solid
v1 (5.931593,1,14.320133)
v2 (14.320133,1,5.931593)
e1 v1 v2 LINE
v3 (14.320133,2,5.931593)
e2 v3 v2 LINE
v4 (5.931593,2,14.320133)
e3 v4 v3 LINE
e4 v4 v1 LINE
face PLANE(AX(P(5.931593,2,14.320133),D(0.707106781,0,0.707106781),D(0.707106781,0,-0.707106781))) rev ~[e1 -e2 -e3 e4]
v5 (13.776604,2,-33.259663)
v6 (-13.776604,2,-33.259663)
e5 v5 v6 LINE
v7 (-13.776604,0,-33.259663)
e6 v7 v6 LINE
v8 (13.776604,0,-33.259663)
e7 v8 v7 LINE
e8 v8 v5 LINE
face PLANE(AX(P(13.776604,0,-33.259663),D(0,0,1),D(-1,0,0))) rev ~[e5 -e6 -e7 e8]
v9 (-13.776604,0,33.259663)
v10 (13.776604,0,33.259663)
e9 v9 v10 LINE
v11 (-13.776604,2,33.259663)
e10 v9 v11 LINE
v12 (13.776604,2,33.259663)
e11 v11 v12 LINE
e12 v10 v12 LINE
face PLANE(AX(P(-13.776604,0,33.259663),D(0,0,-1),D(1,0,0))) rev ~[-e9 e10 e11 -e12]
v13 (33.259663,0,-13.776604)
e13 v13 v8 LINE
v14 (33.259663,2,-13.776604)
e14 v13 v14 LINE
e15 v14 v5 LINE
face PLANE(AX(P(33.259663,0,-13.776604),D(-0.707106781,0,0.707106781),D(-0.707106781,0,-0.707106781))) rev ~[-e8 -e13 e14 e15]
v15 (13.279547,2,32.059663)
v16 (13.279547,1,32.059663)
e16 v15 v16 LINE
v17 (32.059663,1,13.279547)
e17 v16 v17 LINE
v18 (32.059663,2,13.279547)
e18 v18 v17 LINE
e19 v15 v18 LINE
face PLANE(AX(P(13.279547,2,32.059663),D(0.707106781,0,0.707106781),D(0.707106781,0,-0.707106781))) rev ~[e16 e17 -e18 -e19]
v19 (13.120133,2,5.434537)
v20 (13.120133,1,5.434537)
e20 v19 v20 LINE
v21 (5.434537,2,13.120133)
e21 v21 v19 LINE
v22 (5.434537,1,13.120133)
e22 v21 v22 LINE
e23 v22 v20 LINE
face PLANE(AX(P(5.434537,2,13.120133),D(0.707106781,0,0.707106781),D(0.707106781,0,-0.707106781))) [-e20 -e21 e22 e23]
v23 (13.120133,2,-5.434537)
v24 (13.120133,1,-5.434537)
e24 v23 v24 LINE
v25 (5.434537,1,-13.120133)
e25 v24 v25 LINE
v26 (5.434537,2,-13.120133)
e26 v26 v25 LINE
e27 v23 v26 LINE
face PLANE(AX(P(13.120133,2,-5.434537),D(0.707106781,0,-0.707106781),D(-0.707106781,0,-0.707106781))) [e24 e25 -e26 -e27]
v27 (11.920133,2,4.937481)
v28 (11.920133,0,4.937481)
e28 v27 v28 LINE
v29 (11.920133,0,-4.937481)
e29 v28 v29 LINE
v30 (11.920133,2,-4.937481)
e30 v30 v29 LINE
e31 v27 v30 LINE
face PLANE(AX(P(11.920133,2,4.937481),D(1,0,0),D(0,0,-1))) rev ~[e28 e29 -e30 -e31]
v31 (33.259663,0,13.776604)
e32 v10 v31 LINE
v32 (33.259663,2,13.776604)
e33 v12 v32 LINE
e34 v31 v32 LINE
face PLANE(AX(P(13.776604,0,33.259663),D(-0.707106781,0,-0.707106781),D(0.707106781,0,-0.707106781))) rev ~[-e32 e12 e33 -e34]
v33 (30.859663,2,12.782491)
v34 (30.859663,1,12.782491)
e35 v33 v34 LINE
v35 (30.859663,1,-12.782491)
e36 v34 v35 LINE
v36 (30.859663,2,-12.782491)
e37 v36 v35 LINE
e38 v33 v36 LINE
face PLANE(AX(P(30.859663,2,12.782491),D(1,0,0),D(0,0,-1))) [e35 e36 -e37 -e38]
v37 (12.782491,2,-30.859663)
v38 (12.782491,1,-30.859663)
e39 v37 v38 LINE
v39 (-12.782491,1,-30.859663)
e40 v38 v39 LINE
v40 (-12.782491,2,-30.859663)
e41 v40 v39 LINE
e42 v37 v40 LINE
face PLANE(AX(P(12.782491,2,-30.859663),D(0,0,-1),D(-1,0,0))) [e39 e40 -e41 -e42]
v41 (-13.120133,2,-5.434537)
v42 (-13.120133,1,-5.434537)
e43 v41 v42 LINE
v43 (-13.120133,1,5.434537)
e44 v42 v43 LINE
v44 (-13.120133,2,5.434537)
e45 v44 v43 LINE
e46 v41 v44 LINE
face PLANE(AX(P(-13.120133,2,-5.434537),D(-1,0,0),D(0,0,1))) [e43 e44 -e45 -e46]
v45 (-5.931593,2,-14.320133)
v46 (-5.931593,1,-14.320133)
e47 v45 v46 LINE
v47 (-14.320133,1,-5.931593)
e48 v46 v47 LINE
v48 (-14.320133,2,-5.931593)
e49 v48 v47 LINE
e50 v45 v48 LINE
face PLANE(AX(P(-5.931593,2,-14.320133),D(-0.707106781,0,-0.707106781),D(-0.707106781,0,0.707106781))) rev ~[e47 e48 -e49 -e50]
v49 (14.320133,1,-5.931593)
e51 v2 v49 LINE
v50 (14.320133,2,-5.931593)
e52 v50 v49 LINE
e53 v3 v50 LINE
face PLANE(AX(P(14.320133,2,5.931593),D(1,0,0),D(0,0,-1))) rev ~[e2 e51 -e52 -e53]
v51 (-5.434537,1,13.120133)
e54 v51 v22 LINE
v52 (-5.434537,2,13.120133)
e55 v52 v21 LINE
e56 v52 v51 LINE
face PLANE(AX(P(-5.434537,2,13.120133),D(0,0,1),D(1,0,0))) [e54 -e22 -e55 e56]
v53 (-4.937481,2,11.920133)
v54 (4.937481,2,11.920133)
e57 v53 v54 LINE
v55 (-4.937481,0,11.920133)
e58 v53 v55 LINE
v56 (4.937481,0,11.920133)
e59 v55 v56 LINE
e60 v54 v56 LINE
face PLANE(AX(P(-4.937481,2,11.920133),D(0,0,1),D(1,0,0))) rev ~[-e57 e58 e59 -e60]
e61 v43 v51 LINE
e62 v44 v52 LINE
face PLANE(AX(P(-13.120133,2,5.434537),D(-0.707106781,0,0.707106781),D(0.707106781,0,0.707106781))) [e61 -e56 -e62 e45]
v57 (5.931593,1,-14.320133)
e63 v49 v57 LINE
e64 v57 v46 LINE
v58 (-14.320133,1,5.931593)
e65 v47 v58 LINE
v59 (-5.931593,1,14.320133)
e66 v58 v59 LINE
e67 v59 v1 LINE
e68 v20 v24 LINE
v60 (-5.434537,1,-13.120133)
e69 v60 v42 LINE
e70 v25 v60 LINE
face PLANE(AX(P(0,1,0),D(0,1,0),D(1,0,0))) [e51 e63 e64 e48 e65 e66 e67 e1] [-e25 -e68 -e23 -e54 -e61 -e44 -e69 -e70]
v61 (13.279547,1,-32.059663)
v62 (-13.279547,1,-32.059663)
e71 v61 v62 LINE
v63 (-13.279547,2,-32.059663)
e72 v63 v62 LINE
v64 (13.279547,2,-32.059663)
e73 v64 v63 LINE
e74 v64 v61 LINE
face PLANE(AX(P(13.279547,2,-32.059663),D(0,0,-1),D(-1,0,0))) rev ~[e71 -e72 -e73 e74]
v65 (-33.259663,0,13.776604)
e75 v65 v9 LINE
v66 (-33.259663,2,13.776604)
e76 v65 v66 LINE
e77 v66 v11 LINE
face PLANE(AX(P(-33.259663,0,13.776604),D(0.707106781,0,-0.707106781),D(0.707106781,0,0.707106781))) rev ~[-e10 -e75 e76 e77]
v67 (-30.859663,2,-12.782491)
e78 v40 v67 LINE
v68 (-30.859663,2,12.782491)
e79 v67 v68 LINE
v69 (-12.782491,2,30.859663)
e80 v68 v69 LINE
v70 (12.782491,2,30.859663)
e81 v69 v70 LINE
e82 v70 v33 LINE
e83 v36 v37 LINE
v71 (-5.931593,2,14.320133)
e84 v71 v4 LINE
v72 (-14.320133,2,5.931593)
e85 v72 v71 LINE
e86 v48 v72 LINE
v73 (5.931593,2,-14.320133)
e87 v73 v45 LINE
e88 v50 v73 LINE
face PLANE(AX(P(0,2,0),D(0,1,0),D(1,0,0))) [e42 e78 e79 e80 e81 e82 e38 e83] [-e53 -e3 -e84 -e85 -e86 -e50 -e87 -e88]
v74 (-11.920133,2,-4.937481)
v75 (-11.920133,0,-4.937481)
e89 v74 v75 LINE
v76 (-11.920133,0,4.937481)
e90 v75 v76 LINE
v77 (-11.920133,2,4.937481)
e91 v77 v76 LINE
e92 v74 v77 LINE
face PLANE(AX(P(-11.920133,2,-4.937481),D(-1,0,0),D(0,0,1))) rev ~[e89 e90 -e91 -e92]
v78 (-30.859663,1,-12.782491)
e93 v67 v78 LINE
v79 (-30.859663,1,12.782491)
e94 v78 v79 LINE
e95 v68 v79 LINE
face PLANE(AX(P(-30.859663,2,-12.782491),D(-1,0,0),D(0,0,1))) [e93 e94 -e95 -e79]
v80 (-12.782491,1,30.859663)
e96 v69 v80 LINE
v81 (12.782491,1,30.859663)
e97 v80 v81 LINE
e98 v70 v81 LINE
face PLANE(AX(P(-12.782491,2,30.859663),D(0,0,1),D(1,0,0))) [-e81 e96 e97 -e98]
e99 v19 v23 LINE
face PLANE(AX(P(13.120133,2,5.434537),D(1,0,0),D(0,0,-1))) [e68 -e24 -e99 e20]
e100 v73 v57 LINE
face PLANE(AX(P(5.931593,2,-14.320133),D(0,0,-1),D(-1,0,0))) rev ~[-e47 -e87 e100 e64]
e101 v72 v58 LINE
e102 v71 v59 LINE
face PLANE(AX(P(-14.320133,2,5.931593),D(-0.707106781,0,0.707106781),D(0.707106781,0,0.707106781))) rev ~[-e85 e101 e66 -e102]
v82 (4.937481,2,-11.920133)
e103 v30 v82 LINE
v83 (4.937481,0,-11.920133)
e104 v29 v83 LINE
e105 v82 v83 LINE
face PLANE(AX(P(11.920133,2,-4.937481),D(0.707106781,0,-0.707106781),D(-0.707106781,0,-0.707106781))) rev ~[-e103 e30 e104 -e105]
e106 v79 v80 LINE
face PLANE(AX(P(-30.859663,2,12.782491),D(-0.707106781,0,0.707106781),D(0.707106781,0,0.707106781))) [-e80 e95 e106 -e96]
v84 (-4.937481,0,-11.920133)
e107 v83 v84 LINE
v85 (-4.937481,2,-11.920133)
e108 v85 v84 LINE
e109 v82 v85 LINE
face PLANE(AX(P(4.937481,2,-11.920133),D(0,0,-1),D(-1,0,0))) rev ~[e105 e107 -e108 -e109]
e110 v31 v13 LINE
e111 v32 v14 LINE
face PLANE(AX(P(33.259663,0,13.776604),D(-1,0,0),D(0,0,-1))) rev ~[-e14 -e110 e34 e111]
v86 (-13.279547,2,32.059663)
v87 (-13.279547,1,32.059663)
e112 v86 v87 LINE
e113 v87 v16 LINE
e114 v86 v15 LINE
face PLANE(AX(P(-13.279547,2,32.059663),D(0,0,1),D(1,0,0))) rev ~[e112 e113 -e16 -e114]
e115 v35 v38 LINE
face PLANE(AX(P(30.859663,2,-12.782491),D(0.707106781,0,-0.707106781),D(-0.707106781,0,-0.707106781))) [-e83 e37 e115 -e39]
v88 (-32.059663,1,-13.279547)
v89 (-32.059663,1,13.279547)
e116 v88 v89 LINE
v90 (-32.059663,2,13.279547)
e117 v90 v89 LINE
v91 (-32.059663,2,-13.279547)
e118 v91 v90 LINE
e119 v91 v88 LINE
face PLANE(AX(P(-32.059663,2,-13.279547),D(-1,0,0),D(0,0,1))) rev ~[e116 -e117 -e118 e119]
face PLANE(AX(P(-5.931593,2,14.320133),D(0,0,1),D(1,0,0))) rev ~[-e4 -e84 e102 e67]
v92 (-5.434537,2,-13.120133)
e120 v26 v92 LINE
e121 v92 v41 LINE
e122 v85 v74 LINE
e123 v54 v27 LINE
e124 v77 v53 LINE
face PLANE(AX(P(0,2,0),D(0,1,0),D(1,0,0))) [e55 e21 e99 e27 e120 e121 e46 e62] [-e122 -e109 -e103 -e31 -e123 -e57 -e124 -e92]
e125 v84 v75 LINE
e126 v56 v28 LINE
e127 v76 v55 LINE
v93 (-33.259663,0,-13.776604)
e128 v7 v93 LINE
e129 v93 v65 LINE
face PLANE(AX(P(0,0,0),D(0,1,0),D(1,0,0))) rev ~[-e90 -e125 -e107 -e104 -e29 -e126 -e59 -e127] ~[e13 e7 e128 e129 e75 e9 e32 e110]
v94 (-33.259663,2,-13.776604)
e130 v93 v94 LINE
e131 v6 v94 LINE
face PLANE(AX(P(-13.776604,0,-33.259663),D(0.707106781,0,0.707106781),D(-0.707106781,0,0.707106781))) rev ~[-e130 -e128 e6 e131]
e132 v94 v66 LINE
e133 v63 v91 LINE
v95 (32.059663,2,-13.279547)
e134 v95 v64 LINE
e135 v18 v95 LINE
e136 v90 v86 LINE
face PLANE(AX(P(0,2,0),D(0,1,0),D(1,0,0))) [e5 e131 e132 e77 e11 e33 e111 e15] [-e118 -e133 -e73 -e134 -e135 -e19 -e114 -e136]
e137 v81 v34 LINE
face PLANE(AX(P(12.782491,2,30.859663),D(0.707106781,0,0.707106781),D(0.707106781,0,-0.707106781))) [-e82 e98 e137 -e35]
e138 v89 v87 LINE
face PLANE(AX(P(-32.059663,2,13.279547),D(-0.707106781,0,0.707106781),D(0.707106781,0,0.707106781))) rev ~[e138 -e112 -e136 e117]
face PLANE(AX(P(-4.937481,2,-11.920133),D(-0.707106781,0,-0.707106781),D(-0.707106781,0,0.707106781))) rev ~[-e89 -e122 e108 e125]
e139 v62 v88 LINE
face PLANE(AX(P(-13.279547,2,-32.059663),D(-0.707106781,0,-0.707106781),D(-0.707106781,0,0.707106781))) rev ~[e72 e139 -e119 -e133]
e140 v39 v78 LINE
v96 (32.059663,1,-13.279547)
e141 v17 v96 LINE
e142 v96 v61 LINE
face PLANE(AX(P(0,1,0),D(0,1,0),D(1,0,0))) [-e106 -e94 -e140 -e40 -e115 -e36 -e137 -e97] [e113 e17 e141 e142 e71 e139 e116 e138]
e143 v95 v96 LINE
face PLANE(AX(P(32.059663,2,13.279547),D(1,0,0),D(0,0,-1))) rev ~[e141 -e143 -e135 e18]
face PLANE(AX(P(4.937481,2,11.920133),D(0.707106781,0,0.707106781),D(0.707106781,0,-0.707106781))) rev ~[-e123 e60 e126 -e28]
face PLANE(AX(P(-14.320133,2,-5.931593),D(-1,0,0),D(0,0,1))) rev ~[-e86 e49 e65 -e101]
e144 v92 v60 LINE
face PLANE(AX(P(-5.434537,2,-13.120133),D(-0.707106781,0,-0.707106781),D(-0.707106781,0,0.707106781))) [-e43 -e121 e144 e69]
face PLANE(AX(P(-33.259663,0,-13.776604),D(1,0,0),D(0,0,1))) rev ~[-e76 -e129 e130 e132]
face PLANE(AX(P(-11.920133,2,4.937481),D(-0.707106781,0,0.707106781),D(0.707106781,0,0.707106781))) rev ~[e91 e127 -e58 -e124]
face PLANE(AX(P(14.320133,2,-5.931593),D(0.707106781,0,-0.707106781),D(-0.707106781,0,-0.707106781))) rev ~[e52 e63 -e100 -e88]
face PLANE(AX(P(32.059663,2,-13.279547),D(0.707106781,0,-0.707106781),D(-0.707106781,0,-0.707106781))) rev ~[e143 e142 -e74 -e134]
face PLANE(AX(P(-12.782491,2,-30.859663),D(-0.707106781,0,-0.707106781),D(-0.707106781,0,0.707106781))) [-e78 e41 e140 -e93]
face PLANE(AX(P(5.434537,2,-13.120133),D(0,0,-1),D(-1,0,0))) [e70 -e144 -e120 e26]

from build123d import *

# Parameters (mm, degrees)
EXTRUDE_1_DEPTH     = 2
CUT_EXTRUDE_1_DEPTH = 1
CUT_EXTRUDE_2_DEPTH = 1
CUT_EXTRUDE_3_DEPTH = 3


with BuildPart() as part:
    # 스케치1 → 보스-돌출1 (new body)
    with BuildSketch(Plane(origin=(0, 0, 0), x_dir=(1, 0, 0), z_dir=(0, 1, 0))):
        Polygon((-33.25966317, -13.776603565), (-13.776603565, -33.25966317), (13.776603565, -33.25966317), (33.25966317, -13.776603565), (33.25966317, 13.776603565), (13.776603565, 33.25966317), (-13.776603565, 33.25966317), (-33.25966317, 13.776603565), align=None)
        Polygon((-13.27954729, -32.05966317), (13.27954729, -32.05966317), (32.05966317, -13.27954729), (32.05966317, 13.27954729), (13.27954729, 32.05966317), (-13.27954729, 32.05966317), (-32.05966317, 13.27954729), (-32.05966317, -13.27954729), align=None, mode=Mode.SUBTRACT)
        Polygon((-32.05966317, -13.27954729), (-13.27954729, -32.05966317), (13.27954729, -32.05966317), (32.05966317, -13.27954729), (32.05966317, 13.27954729), (13.27954729, 32.05966317), (-13.27954729, 32.05966317), (-32.05966317, 13.27954729), align=None)
    extrude(amount=EXTRUDE_1_DEPTH)

    # 스케치2 → 컷-돌출1 (cut)
    with BuildSketch(Plane(origin=(0, 2, 0), x_dir=(1, 0, 0), z_dir=(0, 1, 0))):
        Polygon((-32.05966317, -13.27954729), (-13.27954729, -32.05966317), (13.27954729, -32.05966317), (32.05966317, -13.27954729), (32.05966317, 13.27954729), (13.27954729, 32.05966317), (-13.27954729, 32.05966317), (-32.05966317, 13.27954729), align=None)
        Polygon((-30.85966317, -12.782491015), (-12.782491015, -30.85966317), (12.782491015, -30.85966317), (30.85966317, -12.782491015), (30.85966317, 12.782491015), (12.782491015, 30.85966317), (-12.782491015, 30.85966317), (-30.85966317, 12.782491015), align=None, mode=Mode.SUBTRACT)
    extrude(amount=-CUT_EXTRUDE_1_DEPTH, mode=Mode.SUBTRACT)

    # 스케치3 → 컷-돌출2 (cut)
    with BuildSketch(Plane(origin=(0, 2, 0), x_dir=(1, 0, 0), z_dir=(0, 1, 0))):
        Polygon((-14.320132754, -5.931593202), (-5.931593202, -14.320132754), (5.931593202, -14.320132754), (14.320132754, -5.931593202), (14.320132754, 5.931593202), (5.931593202, 14.320132754), (-5.931593202, 14.320132754), (-14.320132754, 5.931593202), align=None)
        Polygon((-5.434536927, -13.120132754), (5.434536927, -13.120132754), (13.120132754, -5.434536927), (13.120132754, 5.434536927), (5.434536927, 13.120132754), (-5.434536927, 13.120132754), (-13.120132754, 5.434536927), (-13.120132754, -5.434536927), align=None, mode=Mode.SUBTRACT)
    extrude(amount=-CUT_EXTRUDE_2_DEPTH, mode=Mode.SUBTRACT)

    # 스케치3<3> → 컷-돌출3 (cut)
    with BuildSketch(Plane(origin=(0, 2, 0), x_dir=(1, 0, 0), z_dir=(0, 1, 0))):
        Polygon((4.937480652, -11.920132754), (11.920132754, -4.937480652), (11.920132754, 4.937480652), (4.937480652, 11.920132754), (-4.937480652, 11.920132754), (-11.920132754, 4.937480652), (-11.920132754, -4.937480652), (-4.937480652, -11.920132754), align=None)
    extrude(amount=-CUT_EXTRUDE_3_DEPTH, mode=Mode.SUBTRACT)


solid = part.part
